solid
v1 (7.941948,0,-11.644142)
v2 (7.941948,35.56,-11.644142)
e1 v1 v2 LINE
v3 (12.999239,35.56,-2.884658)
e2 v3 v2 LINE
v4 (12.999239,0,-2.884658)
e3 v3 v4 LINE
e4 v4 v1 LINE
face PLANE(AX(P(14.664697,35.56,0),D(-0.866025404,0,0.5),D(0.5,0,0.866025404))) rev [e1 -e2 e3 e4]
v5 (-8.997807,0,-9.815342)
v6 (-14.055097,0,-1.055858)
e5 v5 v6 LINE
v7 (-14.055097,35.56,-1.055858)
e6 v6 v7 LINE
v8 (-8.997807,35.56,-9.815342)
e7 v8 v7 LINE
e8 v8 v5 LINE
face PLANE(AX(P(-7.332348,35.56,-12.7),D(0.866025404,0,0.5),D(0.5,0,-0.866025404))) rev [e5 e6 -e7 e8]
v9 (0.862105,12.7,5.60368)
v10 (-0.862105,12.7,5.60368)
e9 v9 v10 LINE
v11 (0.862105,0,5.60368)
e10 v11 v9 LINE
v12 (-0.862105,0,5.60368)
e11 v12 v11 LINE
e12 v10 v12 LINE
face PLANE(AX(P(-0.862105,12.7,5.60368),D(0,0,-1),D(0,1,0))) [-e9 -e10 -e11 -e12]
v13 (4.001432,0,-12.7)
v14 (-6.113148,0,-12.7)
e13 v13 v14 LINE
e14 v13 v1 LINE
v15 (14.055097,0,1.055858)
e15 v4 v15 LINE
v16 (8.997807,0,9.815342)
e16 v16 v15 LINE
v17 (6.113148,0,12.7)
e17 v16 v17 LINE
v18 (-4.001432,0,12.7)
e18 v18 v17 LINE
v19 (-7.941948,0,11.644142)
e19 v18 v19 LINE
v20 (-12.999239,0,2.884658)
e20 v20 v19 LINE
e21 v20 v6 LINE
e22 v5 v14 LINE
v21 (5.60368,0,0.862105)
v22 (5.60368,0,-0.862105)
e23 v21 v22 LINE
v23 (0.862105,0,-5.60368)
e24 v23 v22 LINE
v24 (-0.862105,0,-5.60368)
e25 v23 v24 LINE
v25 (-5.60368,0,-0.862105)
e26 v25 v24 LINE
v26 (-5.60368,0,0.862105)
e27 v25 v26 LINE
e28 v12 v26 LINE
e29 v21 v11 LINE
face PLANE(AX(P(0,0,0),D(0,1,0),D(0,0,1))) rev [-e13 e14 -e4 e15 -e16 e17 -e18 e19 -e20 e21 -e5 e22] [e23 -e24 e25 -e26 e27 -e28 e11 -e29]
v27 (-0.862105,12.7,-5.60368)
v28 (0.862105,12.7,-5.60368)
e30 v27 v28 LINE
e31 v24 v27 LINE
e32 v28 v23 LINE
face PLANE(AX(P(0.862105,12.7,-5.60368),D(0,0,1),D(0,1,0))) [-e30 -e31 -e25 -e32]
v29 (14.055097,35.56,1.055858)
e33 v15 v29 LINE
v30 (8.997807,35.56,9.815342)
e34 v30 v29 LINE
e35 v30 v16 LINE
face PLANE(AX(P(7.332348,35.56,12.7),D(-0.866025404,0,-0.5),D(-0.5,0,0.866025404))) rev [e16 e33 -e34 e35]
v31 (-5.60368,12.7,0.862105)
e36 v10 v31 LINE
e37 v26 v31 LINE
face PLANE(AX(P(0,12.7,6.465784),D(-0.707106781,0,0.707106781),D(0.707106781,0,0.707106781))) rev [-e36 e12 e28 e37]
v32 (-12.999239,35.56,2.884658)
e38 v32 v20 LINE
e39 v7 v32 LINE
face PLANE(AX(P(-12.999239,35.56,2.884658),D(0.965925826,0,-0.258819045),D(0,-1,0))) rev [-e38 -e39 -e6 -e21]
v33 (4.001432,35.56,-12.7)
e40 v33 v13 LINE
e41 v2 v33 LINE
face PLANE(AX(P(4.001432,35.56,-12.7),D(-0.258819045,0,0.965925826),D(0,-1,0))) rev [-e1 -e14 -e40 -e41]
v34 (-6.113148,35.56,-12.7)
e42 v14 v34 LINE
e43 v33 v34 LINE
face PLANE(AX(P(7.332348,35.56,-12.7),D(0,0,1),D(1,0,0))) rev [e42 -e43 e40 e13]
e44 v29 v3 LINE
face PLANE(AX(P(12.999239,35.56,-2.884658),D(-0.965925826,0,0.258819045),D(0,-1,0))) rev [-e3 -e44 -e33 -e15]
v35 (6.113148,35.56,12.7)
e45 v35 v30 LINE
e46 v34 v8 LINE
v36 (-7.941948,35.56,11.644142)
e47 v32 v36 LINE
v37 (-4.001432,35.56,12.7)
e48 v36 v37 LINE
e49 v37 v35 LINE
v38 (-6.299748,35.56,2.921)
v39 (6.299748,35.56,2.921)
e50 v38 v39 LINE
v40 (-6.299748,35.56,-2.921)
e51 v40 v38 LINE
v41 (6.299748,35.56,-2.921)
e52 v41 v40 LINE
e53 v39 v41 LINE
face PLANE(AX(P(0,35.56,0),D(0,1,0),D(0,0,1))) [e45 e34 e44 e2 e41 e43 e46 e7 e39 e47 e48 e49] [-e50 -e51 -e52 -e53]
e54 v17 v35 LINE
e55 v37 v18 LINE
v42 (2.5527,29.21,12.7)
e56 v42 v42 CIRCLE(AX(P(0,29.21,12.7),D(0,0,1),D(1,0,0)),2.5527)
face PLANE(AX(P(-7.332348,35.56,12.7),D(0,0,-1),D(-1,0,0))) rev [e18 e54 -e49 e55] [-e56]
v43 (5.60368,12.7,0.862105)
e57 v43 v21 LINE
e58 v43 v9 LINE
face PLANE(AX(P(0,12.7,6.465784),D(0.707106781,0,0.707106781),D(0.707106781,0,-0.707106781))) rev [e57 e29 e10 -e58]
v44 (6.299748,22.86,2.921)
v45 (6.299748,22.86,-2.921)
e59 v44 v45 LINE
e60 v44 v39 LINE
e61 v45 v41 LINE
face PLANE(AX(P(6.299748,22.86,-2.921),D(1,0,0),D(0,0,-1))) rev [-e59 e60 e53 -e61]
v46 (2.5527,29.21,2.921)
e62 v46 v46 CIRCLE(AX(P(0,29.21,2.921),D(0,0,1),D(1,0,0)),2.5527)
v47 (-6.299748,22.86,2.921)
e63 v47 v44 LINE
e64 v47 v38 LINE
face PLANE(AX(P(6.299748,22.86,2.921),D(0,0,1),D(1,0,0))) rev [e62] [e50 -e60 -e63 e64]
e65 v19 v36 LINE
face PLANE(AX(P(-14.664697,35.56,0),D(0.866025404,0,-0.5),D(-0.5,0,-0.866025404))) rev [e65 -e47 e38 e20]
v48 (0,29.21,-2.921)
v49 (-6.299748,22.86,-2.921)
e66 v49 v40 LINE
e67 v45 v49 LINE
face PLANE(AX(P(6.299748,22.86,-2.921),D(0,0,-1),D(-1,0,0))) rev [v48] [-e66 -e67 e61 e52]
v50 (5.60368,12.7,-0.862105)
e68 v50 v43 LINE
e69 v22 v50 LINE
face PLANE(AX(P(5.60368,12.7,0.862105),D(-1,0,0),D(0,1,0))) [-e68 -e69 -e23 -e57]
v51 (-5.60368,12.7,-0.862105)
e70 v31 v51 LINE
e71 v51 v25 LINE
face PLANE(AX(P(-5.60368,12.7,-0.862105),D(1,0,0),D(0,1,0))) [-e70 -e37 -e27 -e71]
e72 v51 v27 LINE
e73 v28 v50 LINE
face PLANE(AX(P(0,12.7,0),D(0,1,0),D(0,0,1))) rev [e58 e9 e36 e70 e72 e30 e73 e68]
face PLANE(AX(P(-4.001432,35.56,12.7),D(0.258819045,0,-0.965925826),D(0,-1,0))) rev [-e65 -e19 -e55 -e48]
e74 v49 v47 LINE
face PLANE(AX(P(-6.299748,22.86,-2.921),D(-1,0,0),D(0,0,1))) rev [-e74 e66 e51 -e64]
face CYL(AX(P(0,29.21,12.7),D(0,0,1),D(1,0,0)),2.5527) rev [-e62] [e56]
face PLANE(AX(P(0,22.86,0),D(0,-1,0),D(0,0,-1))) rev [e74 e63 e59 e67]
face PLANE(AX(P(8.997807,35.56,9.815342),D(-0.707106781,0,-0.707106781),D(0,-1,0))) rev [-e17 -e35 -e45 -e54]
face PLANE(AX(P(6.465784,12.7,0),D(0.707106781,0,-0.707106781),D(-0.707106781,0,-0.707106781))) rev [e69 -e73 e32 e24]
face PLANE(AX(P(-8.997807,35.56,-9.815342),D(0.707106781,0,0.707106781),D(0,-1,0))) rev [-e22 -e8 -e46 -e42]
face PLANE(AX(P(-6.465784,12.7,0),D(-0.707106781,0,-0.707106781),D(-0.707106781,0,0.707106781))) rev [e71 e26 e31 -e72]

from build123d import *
from OCP.BRepFilletAPI import BRepFilletAPI_MakeChamfer

# Parameters (mm, degrees)
BOSS_EXTRUDE1_DEPTH         = 35.56
SKETCH2_W                   = 12.59949555
SKETCH2_H                   = 5.842
CUT_EXTRUDE1_DEPTH          = 12.7
CUT_EXTRUDE2_DEPTH          = 12.7
F_1_4_20_TAPPED_HOLE1_D     = 5.1054
F_1_4_20_TAPPED_HOLE1_DEPTH = 14.086183098
F_1_4_20_TAPPED_HOLE1_TIP   = 1.533816902
CHAMFER1_SIZE               = 1.2192
CHAMFER1_SIZE2              = 3.330916345


with BuildPart() as part:
    # Sketch1 → Boss-Extrude1 (new body)
    with BuildSketch(Plane(origin=(0, 0, 0), x_dir=(1, 0, 0), z_dir=(0, 1, 0))):
        Polygon((-14.664696837, 0), (-7.332348419, -12.7), (7.332348419, -12.7), (14.664696837, 0), (7.332348419, 12.7), (-7.332348419, 12.7), align=None)
    extrude(amount=BOSS_EXTRUDE1_DEPTH)

    # Sketch2 → Cut-Extrude1 (cut)
    with BuildSketch(Plane(origin=(0, 35.56, 0), x_dir=(1, 0, 0), z_dir=(0, 1, 0))):
        Rectangle(SKETCH2_W, SKETCH2_H)
    extrude(amount=-CUT_EXTRUDE1_DEPTH, mode=Mode.SUBTRACT)

    # Sketch3 → Cut-Extrude2 (cut)
    with BuildSketch(Plane.XZ):
        Polygon((0, 6.465784407), (-6.465784407, 0), (0, -6.465784407), (6.465784407, 0), align=None)
    extrude(amount=-CUT_EXTRUDE2_DEPTH, mode=Mode.SUBTRACT)

    # 1/4-20 Tapped Hole1
    with Locations(Plane.XY.offset(12.7)):
        with Locations((0, 29.21)):
            Hole(F_1_4_20_TAPPED_HOLE1_D / 2, depth=F_1_4_20_TAPPED_HOLE1_DEPTH)
            with Locations((0, 0, -(F_1_4_20_TAPPED_HOLE1_DEPTH + F_1_4_20_TAPPED_HOLE1_TIP / 2))):  # 118° drill point
                Cone(0, F_1_4_20_TAPPED_HOLE1_D / 2, F_1_4_20_TAPPED_HOLE1_TIP, mode=Mode.SUBTRACT)

    # Chamfer1: one chamfer whose edges measure the first distance from different faces: ONE call of the kernel's chamfer builder (chamfer() names one face for all edges)
    chamfer1_edges_1 = [part.edges().sort_by_distance(p)[0] for p in [
        (-7.332348419, 17.78, -12.7),
    ]]
    chamfer1_side_1 = [part.faces().sort_by_distance(p)[0] for p in [
        (0, 17.78, -12.7),
    ]]
    chamfer1_edges_2 = [part.edges().sort_by_distance(p)[0] for p in [
        (7.332348419, 17.78, -12.7),
    ]]
    chamfer1_side_2 = [part.faces().sort_by_distance(p)[0] for p in [
        (10.998522628, 17.78, -6.35),
    ]]
    chamfer1_edges_3 = [part.edges().sort_by_distance(p)[0] for p in [
        (14.664696837, 17.78, 0),
    ]]
    chamfer1_side_3 = [part.faces().sort_by_distance(p)[0] for p in [
        (10.998522628, 17.78, 6.35),
    ]]
    chamfer1_edges_4 = [part.edges().sort_by_distance(p)[0] for p in [
        (7.332348419, 17.78, 12.7),
    ]]
    chamfer1_side_4 = [part.faces().sort_by_distance(p)[0] for p in [
        (0, 17.312960636, 12.7),
    ]]
    chamfer1_edges_5 = [part.edges().sort_by_distance(p)[0] for p in [
        (-7.332348419, 17.78, 12.7),
    ]]
    chamfer1_side_5 = [part.faces().sort_by_distance(p)[0] for p in [
        (-10.998522628, 17.78, 6.35),
    ]]
    chamfer1_edges_6 = [part.edges().sort_by_distance(p)[0] for p in [
        (-14.664696837, 17.78, 0),
    ]]
    chamfer1_side_6 = [part.faces().sort_by_distance(p)[0] for p in [
        (-10.998522628, 17.78, -6.35),
    ]]
    chamfer1_edges_7 = [part.edges().sort_by_distance(p)[0] for p in [
        (0, 6.35, -6.465784407),
        (-6.465784407, 6.35, 0),
        (0, 6.35, 6.465784407),
        (6.465784407, 6.35, 0),
    ]]
    chamfer1 = BRepFilletAPI_MakeChamfer(part.part.solid().wrapped)
    for e in chamfer1_edges_1:
        chamfer1.Add(CHAMFER1_SIZE, CHAMFER1_SIZE2, e.wrapped, chamfer1_side_1[0].wrapped)  # the first distance lies on this face
    for e in chamfer1_edges_2:
        chamfer1.Add(CHAMFER1_SIZE, CHAMFER1_SIZE2, e.wrapped, chamfer1_side_2[0].wrapped)  # the first distance lies on this face
    for e in chamfer1_edges_3:
        chamfer1.Add(CHAMFER1_SIZE, CHAMFER1_SIZE2, e.wrapped, chamfer1_side_3[0].wrapped)  # the first distance lies on this face
    for e in chamfer1_edges_4:
        chamfer1.Add(CHAMFER1_SIZE, CHAMFER1_SIZE2, e.wrapped, chamfer1_side_4[0].wrapped)  # the first distance lies on this face
    for e in chamfer1_edges_5:
        chamfer1.Add(CHAMFER1_SIZE, CHAMFER1_SIZE2, e.wrapped, chamfer1_side_5[0].wrapped)  # the first distance lies on this face
    for e in chamfer1_edges_6:
        chamfer1.Add(CHAMFER1_SIZE, CHAMFER1_SIZE2, e.wrapped, chamfer1_side_6[0].wrapped)  # the first distance lies on this face
    for e in chamfer1_edges_7:
        chamfer1.Add(CHAMFER1_SIZE, e.wrapped)
    add(Compound.cast(chamfer1.Shape()), mode=Mode.REPLACE)


solid = part.part
